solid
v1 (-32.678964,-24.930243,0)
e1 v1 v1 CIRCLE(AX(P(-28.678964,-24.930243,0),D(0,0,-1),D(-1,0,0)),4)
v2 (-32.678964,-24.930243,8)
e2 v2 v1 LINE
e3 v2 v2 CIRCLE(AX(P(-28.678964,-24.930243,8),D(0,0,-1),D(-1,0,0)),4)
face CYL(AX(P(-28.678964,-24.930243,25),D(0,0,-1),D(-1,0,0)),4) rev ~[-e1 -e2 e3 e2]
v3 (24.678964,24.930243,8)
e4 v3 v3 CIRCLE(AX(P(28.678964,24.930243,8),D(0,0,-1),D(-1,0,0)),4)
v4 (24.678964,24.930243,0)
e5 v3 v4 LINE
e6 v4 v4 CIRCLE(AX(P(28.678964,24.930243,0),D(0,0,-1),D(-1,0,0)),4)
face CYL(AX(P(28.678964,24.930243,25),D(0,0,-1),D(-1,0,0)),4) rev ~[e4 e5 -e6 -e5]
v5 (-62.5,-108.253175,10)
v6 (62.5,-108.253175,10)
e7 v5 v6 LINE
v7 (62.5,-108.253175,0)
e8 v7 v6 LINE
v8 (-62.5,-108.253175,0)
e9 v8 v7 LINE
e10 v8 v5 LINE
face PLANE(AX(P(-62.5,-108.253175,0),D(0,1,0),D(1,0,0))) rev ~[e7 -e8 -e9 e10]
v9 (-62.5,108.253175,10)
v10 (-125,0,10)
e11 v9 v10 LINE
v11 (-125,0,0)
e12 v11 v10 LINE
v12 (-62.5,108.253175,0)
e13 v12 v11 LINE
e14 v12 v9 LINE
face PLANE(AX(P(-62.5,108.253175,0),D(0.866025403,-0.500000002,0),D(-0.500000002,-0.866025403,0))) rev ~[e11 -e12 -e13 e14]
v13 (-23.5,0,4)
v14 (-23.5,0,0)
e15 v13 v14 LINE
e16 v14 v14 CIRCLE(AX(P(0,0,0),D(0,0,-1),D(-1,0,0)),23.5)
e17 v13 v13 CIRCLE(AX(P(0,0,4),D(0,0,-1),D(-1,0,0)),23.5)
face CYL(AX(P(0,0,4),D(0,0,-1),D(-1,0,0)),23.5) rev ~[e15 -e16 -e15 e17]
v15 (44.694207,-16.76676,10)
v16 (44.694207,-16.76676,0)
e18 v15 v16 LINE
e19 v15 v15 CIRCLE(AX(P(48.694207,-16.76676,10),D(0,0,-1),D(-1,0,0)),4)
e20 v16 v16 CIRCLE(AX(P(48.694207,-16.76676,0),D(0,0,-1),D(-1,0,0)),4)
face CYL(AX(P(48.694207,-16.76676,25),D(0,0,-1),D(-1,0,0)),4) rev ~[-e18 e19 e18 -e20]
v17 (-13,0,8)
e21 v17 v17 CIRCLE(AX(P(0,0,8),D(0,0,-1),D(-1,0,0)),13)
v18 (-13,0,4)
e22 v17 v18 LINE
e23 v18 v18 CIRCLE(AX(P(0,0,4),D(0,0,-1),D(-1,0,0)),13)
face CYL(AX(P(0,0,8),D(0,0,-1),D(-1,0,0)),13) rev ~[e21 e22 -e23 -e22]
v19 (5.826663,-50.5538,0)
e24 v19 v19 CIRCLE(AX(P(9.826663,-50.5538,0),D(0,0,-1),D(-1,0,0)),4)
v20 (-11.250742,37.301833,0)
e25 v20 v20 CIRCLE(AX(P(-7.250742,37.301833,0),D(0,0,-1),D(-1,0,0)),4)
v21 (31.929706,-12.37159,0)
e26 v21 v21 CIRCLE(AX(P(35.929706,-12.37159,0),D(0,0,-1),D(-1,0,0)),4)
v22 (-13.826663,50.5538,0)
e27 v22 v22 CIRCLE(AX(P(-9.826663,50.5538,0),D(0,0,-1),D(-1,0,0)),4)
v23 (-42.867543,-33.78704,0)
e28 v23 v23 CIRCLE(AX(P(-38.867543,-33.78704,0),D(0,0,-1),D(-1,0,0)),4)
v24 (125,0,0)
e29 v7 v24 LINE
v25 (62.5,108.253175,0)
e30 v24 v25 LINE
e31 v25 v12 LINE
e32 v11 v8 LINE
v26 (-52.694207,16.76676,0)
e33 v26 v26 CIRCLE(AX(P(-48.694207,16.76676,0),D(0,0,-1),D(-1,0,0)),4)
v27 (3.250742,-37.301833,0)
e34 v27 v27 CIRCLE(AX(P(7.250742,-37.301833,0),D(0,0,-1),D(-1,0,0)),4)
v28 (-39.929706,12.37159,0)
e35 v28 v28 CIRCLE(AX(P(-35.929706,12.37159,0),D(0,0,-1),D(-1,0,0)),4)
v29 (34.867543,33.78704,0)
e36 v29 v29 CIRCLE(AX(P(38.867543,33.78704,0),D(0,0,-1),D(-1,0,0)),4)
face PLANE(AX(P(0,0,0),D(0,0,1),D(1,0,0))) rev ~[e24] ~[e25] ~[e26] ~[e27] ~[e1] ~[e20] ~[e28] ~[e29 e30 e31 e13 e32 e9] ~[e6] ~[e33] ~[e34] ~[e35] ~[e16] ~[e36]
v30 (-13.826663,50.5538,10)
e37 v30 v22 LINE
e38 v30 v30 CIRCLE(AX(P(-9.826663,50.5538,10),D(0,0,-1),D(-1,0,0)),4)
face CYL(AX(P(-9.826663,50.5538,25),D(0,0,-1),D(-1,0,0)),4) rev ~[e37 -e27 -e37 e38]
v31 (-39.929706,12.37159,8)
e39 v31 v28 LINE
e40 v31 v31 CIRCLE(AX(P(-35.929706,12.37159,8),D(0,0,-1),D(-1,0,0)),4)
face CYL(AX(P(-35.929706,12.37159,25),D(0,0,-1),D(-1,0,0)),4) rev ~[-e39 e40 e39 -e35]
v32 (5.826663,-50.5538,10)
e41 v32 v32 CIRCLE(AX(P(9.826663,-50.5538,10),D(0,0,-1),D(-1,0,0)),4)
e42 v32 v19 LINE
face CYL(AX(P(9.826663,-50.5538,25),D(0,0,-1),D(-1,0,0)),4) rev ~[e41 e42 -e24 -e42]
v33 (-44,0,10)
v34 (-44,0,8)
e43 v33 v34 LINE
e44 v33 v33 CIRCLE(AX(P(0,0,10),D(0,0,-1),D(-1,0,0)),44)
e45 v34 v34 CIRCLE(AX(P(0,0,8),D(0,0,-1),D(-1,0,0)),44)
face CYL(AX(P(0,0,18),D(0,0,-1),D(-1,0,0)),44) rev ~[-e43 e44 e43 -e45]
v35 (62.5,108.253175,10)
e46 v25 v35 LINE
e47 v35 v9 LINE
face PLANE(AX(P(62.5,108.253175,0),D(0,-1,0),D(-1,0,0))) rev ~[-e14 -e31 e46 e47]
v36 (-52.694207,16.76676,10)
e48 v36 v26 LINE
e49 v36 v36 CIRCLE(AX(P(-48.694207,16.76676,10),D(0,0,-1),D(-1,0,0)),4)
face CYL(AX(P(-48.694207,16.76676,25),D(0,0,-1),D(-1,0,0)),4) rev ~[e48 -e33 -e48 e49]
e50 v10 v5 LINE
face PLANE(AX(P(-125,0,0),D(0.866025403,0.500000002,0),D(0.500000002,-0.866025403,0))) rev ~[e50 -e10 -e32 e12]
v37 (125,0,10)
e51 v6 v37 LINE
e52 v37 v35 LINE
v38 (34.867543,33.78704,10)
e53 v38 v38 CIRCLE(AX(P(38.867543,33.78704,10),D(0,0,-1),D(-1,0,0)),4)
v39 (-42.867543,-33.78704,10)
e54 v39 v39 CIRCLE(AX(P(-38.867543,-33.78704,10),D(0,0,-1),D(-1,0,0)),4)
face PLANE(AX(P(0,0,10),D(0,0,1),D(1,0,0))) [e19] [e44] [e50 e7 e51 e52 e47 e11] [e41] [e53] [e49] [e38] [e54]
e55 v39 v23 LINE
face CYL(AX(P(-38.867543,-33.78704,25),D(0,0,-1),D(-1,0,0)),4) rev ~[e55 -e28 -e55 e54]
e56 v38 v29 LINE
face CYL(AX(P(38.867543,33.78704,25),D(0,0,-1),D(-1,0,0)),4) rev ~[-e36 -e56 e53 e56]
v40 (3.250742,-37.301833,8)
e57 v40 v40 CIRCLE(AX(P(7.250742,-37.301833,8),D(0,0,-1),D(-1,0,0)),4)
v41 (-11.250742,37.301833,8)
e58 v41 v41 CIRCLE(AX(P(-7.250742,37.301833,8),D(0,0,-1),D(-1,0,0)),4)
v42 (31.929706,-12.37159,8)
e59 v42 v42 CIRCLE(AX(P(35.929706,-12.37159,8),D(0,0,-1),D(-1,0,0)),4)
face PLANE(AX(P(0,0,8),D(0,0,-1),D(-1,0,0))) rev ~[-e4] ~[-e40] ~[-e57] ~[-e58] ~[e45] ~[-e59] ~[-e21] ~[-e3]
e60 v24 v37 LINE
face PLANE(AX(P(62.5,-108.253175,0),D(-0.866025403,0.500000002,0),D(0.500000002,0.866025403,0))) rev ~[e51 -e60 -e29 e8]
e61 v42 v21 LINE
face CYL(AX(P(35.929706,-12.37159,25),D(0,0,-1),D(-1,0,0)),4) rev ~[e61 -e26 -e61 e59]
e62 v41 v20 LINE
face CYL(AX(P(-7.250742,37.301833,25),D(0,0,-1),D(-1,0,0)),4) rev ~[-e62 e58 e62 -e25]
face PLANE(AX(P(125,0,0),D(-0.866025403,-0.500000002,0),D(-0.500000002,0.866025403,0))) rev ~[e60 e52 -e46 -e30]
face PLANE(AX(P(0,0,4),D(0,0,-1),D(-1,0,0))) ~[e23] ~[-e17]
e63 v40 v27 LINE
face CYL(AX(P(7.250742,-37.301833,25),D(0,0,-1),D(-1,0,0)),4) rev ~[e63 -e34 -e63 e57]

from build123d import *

# Parameters (mm, degrees)
F1_DEPTH = 10
F5_D     = 8
F5_DEPTH = 15
F6_D     = 8
F6_DEPTH = 15


with BuildPart() as f1:
    # F0 (on Top) → F1 (new body)
    with BuildSketch(Plane.XY):
        Polygon((62.5, -108.253175), (125, 0), (62.5, 108.253175), (-62.5, 108.253175), (-125, 0), (-62.5, -108.253175), align=None)
    extrude(amount=F1_DEPTH)

    # F2 (on Front) → F3 (revolve, cut)
    with BuildSketch(Plane.XZ):
        Polygon((-23.5, 4), (-23.5, -10), (0, -10), (0, 18), (-44, 18), (-44, 8), (-13, 8), (-13, 4), align=None)
    revolve(axis=Axis((0, 0, -2.490325), (0, 0, -1)), mode=Mode.SUBTRACT)

    # F5
    with Locations(Plane.XY.offset(10)):
        with Locations((-9.826663, 50.5538), (38.867543, 33.78704), (48.694207, -16.76676), (9.826663, -50.5538), (-38.867543, -33.78704), (-48.694207, 16.76676)):
            Hole(F5_D / 2, depth=F5_DEPTH)

    # F6
    with Locations(Plane.XY.offset(10)):
        with Locations((-7.250742, 37.301833), (28.678964, 24.930243), (35.929706, -12.37159), (7.250742, -37.301833), (-28.678964, -24.930243), (-35.929706, 12.37159)):
            Hole(F6_D / 2, depth=F6_DEPTH)


solid = f1.part
